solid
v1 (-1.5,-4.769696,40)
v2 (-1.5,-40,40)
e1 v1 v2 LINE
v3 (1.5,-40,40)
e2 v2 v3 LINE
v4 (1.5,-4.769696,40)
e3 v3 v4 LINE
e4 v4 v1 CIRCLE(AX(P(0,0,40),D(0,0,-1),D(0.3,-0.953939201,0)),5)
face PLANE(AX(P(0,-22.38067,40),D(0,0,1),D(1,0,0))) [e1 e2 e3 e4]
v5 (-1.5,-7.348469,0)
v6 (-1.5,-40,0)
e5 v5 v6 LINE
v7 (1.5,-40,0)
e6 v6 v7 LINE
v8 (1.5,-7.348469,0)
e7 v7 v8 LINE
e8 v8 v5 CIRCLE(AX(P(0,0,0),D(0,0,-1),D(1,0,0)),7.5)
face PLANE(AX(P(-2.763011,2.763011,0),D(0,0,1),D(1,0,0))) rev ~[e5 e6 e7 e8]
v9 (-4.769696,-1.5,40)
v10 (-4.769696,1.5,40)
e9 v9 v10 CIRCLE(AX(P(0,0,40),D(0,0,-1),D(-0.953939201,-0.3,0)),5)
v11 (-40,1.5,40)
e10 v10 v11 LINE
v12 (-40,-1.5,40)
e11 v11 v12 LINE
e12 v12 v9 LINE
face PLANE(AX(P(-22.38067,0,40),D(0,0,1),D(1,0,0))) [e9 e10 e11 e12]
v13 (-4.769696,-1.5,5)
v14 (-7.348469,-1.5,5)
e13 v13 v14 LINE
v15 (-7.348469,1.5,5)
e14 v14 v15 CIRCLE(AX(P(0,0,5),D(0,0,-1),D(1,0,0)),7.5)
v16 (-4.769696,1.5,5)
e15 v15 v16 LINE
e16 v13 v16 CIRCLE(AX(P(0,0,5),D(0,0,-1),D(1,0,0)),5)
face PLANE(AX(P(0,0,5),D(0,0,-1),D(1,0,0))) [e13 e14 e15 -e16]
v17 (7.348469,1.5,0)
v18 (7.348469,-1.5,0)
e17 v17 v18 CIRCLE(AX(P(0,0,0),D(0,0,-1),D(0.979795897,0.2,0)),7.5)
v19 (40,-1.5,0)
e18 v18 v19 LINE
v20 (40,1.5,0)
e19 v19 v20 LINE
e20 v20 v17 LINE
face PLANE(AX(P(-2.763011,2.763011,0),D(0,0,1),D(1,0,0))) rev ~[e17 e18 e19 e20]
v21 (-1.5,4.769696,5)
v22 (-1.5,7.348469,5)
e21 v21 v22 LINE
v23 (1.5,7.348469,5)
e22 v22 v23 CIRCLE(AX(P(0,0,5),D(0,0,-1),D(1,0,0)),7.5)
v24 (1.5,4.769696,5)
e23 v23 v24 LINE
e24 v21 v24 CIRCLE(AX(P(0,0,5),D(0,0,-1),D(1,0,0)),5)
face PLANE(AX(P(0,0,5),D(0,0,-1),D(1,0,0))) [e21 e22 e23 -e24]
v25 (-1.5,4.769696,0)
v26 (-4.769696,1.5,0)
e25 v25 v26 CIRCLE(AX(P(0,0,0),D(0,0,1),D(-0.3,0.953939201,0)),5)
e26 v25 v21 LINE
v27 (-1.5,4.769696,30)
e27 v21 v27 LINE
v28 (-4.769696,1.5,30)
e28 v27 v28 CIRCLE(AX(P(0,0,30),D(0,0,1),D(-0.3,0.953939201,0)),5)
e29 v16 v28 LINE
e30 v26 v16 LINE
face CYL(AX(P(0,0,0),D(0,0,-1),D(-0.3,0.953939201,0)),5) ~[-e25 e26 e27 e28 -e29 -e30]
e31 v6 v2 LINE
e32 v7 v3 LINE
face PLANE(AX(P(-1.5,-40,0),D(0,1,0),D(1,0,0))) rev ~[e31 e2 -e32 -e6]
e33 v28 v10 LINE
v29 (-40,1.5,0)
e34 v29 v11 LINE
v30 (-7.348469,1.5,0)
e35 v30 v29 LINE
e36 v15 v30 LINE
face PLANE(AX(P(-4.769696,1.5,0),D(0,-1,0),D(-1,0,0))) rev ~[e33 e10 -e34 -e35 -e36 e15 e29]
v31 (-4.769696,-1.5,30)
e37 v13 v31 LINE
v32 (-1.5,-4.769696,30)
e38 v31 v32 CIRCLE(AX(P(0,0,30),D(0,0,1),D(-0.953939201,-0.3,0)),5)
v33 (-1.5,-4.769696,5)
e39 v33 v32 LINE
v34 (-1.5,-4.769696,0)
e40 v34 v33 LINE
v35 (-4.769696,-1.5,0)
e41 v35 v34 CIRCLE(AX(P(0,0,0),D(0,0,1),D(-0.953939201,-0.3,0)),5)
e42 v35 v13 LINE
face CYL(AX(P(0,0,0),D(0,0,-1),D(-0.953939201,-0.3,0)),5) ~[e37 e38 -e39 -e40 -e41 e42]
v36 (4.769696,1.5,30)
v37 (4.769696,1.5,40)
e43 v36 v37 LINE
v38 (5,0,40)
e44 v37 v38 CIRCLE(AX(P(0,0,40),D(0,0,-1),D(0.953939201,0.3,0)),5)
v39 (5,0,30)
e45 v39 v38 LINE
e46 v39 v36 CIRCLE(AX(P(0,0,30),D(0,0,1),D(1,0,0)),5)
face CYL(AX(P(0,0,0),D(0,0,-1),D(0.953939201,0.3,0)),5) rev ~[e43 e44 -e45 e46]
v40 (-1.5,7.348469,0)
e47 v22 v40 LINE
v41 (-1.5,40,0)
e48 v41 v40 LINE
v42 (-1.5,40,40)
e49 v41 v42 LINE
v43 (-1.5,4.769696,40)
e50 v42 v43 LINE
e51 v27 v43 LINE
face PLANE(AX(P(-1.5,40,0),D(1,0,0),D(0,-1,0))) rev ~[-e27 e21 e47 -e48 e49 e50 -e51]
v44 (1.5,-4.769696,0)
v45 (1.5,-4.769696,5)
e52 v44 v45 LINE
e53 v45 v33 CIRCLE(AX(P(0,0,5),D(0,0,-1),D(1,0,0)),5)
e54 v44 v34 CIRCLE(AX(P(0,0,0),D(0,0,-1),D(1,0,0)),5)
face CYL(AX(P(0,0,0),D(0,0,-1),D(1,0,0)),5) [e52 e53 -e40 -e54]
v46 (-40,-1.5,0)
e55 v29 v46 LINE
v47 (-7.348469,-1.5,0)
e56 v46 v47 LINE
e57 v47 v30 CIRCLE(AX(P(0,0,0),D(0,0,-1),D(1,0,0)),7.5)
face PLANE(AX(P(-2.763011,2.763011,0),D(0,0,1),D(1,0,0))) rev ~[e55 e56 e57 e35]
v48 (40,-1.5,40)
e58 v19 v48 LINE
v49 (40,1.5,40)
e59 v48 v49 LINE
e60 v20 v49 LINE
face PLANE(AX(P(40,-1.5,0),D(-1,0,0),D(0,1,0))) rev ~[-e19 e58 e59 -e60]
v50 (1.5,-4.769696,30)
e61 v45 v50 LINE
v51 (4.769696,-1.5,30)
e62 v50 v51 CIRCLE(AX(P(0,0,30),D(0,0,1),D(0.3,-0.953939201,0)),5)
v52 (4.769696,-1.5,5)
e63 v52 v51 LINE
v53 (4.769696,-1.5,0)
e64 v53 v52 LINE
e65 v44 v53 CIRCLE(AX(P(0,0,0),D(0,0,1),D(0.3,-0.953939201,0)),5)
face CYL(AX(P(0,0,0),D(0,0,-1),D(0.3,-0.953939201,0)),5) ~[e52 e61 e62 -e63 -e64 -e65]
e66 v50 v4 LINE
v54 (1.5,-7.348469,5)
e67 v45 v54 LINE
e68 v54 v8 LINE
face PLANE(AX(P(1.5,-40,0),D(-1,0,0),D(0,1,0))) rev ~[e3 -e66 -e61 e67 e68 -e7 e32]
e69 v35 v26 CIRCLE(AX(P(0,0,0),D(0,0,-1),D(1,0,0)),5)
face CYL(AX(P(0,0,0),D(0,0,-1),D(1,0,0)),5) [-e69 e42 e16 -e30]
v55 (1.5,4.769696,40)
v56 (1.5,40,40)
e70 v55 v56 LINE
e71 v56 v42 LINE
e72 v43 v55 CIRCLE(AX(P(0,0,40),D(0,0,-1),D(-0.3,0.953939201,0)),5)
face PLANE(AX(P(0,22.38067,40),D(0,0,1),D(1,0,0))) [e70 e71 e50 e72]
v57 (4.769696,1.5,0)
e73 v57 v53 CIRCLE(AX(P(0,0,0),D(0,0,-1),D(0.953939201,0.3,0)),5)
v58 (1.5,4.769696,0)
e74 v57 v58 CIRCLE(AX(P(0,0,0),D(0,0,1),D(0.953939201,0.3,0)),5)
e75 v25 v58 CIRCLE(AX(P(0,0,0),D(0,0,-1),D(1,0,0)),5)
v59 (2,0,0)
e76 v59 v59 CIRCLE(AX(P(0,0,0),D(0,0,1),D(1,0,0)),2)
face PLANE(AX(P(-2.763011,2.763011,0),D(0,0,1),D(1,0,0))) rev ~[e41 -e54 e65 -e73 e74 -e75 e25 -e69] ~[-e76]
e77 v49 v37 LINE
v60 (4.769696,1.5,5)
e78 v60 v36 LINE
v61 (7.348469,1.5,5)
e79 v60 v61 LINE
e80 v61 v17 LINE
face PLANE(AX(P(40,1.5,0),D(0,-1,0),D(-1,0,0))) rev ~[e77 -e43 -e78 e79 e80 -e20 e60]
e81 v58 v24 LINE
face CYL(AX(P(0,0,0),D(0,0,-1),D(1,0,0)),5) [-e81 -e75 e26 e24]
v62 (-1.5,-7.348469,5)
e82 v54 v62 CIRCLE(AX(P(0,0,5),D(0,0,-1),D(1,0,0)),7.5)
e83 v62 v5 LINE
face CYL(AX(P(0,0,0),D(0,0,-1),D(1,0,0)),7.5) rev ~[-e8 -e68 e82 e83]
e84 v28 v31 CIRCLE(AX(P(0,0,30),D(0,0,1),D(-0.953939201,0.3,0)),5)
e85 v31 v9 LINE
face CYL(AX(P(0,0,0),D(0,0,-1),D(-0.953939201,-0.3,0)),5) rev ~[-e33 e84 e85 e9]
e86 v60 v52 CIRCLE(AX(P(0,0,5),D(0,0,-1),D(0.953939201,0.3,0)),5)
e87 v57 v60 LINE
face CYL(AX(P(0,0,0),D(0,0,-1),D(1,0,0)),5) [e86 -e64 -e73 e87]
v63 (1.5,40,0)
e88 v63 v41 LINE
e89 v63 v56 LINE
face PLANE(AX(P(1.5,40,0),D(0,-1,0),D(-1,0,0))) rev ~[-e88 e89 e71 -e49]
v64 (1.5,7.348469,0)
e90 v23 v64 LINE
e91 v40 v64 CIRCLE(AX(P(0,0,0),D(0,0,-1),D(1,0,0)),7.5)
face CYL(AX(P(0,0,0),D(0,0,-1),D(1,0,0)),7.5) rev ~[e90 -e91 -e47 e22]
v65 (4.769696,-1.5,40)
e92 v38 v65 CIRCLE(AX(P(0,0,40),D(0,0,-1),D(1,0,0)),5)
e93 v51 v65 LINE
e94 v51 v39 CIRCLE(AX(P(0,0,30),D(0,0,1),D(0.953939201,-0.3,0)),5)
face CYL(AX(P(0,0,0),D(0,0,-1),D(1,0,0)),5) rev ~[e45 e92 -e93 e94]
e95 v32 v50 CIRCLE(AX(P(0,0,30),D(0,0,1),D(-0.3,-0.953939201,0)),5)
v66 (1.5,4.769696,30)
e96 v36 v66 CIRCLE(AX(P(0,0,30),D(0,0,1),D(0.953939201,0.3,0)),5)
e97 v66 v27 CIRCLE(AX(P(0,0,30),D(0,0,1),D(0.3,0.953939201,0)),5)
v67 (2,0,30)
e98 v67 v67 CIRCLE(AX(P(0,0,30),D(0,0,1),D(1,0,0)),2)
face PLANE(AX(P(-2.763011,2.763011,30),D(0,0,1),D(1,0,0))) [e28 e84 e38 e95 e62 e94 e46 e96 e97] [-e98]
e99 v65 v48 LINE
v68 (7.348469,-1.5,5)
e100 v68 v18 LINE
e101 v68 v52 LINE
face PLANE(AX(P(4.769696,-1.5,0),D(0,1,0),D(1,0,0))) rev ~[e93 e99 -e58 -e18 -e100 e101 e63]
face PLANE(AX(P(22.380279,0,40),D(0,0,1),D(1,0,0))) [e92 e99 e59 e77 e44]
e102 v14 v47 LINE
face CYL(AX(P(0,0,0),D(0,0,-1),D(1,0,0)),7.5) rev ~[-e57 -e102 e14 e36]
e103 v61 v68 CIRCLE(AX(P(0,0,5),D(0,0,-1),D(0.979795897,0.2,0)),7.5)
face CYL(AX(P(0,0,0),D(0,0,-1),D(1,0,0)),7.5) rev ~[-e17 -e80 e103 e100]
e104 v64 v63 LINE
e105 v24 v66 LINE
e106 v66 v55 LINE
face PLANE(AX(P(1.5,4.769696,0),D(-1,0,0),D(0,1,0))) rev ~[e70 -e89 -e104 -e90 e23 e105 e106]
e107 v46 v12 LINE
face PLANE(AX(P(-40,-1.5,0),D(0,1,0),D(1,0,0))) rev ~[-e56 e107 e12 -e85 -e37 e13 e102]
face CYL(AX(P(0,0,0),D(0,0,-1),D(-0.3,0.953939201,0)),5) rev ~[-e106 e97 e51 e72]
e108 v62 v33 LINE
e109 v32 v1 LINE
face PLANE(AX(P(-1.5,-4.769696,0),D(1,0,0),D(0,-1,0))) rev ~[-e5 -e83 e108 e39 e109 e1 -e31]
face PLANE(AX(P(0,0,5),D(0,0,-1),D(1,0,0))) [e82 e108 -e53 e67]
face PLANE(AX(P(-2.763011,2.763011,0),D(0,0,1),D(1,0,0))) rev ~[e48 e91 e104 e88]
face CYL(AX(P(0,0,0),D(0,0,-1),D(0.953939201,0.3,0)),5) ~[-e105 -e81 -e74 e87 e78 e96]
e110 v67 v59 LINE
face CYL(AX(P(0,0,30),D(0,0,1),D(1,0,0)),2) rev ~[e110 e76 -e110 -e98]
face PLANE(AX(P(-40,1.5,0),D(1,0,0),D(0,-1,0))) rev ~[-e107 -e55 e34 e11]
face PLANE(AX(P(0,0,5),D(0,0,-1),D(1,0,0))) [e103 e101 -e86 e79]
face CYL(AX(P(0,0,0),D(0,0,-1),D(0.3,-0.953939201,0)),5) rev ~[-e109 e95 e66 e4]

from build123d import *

# Parameters (mm, degrees)
F1_DEPTH = 40
F0_W     = 3
F0_H     = 3
F2_DEPTH = 30
F3_R     = 2
F4_DEPTH = 30
F5_R     = 7.5
F5_R_2   = 5
F6_DEPTH = 5


with BuildPart() as f1:
    # F0 (on Top) → F1 (new body)
    with BuildSketch(Plane.XY):
        with BuildLine():
            ThreePointArc((-4.7696960071, -1.5), (-5, 0), (-4.7696960071, 1.5))
            Line((-4.7696960071, 1.5), (-40, 1.5))
            Line((-40, 1.5), (-40, -1.5))
            Line((-40, -1.5), (-4.7696960071, -1.5))
        make_face()
    extrude(amount=F1_DEPTH)



with BuildPart() as f1b:
    # F0 (on Top) → F1, piece 2 (new body)
    with BuildSketch(Plane.XY):
        with BuildLine():
            ThreePointArc((-1.5, 4.7696960071), (0, 5), (1.5, 4.7696960071))
            Line((1.5, 4.7696960071), (1.5, 40))
            Line((1.5, 40), (-1.5, 40))
            Line((-1.5, 40), (-1.5, 4.7696960071))
        make_face()
    extrude(amount=F1_DEPTH)


with BuildPart() as f1c:
    # F0 (on Top) → F1, piece 3 (new body)
    with BuildSketch(Plane.XY):
        with BuildLine():
            ThreePointArc((4.7696960071, 1.5), (4.9420886291, 0.7587884964), (5, 0))
            ThreePointArc((5, 0), (4.9420886291, -0.7587884964), (4.7696960071, -1.5))
            Line((4.7696960071, -1.5), (40, -1.5))
            Line((40, -1.5), (40, 1.5))
            Line((40, 1.5), (4.7696960071, 1.5))
        make_face()
    extrude(amount=F1_DEPTH)


with BuildPart() as f1d:
    # F0 (on Top) → F1, piece 4 (new body)
    with BuildSketch(Plane.XY):
        with BuildLine():
            Line((1.5, -40), (1.5, -4.7696960071))
            ThreePointArc((1.5, -4.7696960071), (0, -5), (-1.5, -4.7696960071))
            Line((-1.5, -4.7696960071), (-1.5, -40))
            Line((-1.5, -40), (1.5, -40))
        make_face()
    extrude(amount=F1_DEPTH)


with BuildPart() as f1_1:
    add(f1.part)

    add(f1b.part)  # F2 merges F1b

    add(f1c.part)  # F2 merges F1c

    add(f1d.part)  # F2 merges F1d
    # F0 (on Top) → F2 (join)
    with BuildSketch(Plane.XY):
        with BuildLine():
            Line((-1.5, 1.5), (-1.5, 4.7696960071))
            ThreePointArc((-1.5, 4.7696960071), (-3.5355339059, 3.5355339059), (-4.7696960071, 1.5))
            Line((-4.7696960071, 1.5), (-1.5, 1.5))
        make_face()
        with BuildLine():
            Line((1.5, 1.5), (4.7696960071, 1.5))
            ThreePointArc((4.7696960071, 1.5), (3.5355339059, 3.5355339059), (1.5, 4.7696960071))
            Line((1.5, 4.7696960071), (1.5, 1.5))
        make_face()
        with BuildLine():
            ThreePointArc((1.5, -4.7696960071), (3.5355339059, -3.5355339059), (4.7696960071, -1.5))
            Line((4.7696960071, -1.5), (1.5, -1.5))
            Line((1.5, -1.5), (1.5, -4.7696960071))
        make_face()
        with BuildLine():
            ThreePointArc((-4.7696960071, -1.5), (-3.5355339059, -3.5355339059), (-1.5, -4.7696960071))
            Line((-1.5, -4.7696960071), (-1.5, -1.5))
            Line((-1.5, -1.5), (-4.7696960071, -1.5))
        make_face()
        with BuildLine():
            ThreePointArc((4.7696960071, -1.5), (4.9420886291, -0.7587884964), (5, 0))
            ThreePointArc((5, 0), (4.9420886291, 0.7587884964), (4.7696960071, 1.5))
            Line((4.7696960071, 1.5), (1.5, 1.5))
            Line((1.5, 1.5), (1.5, -1.5))
            Line((1.5, -1.5), (4.7696960071, -1.5))
        make_face()
        with BuildLine():
            Line((1.5, 1.5), (1.5, 4.7696960071))
            ThreePointArc((1.5, 4.7696960071), (0, 5), (-1.5, 4.7696960071))
            Line((-1.5, 4.7696960071), (-1.5, 1.5))
            Line((-1.5, 1.5), (1.5, 1.5))
        make_face()
        with BuildLine():
            Line((-1.5, -1.5), (-1.5, 1.5))
            Line((-1.5, 1.5), (-4.7696960071, 1.5))
            ThreePointArc((-4.7696960071, 1.5), (-5, 0), (-4.7696960071, -1.5))
            Line((-4.7696960071, -1.5), (-1.5, -1.5))
        make_face()
        Rectangle(F0_W, F0_H)
        with BuildLine():
            ThreePointArc((-1.5, -4.7696960071), (0, -5), (1.5, -4.7696960071))
            Line((1.5, -4.7696960071), (1.5, -1.5))
            Line((1.5, -1.5), (-1.5, -1.5))
            Line((-1.5, -1.5), (-1.5, -4.7696960071))
        make_face()
    extrude(amount=F2_DEPTH)

    # F3 (on face) → F4 (cut)
    with BuildSketch(Plane.XY.offset(30)):
        Circle(F3_R)
    extrude(amount=-F4_DEPTH, mode=Mode.SUBTRACT)

    # F5 (on face) → F6 (cut)
    with BuildSketch(Plane(origin=(0, 0, 0), x_dir=(1, 0, 0), z_dir=(0, 0, -1))):
        Circle(F5_R)
        Circle(F5_R_2, mode=Mode.SUBTRACT)
    extrude(amount=-F6_DEPTH, mode=Mode.SUBTRACT)


solid = f1_1.part
